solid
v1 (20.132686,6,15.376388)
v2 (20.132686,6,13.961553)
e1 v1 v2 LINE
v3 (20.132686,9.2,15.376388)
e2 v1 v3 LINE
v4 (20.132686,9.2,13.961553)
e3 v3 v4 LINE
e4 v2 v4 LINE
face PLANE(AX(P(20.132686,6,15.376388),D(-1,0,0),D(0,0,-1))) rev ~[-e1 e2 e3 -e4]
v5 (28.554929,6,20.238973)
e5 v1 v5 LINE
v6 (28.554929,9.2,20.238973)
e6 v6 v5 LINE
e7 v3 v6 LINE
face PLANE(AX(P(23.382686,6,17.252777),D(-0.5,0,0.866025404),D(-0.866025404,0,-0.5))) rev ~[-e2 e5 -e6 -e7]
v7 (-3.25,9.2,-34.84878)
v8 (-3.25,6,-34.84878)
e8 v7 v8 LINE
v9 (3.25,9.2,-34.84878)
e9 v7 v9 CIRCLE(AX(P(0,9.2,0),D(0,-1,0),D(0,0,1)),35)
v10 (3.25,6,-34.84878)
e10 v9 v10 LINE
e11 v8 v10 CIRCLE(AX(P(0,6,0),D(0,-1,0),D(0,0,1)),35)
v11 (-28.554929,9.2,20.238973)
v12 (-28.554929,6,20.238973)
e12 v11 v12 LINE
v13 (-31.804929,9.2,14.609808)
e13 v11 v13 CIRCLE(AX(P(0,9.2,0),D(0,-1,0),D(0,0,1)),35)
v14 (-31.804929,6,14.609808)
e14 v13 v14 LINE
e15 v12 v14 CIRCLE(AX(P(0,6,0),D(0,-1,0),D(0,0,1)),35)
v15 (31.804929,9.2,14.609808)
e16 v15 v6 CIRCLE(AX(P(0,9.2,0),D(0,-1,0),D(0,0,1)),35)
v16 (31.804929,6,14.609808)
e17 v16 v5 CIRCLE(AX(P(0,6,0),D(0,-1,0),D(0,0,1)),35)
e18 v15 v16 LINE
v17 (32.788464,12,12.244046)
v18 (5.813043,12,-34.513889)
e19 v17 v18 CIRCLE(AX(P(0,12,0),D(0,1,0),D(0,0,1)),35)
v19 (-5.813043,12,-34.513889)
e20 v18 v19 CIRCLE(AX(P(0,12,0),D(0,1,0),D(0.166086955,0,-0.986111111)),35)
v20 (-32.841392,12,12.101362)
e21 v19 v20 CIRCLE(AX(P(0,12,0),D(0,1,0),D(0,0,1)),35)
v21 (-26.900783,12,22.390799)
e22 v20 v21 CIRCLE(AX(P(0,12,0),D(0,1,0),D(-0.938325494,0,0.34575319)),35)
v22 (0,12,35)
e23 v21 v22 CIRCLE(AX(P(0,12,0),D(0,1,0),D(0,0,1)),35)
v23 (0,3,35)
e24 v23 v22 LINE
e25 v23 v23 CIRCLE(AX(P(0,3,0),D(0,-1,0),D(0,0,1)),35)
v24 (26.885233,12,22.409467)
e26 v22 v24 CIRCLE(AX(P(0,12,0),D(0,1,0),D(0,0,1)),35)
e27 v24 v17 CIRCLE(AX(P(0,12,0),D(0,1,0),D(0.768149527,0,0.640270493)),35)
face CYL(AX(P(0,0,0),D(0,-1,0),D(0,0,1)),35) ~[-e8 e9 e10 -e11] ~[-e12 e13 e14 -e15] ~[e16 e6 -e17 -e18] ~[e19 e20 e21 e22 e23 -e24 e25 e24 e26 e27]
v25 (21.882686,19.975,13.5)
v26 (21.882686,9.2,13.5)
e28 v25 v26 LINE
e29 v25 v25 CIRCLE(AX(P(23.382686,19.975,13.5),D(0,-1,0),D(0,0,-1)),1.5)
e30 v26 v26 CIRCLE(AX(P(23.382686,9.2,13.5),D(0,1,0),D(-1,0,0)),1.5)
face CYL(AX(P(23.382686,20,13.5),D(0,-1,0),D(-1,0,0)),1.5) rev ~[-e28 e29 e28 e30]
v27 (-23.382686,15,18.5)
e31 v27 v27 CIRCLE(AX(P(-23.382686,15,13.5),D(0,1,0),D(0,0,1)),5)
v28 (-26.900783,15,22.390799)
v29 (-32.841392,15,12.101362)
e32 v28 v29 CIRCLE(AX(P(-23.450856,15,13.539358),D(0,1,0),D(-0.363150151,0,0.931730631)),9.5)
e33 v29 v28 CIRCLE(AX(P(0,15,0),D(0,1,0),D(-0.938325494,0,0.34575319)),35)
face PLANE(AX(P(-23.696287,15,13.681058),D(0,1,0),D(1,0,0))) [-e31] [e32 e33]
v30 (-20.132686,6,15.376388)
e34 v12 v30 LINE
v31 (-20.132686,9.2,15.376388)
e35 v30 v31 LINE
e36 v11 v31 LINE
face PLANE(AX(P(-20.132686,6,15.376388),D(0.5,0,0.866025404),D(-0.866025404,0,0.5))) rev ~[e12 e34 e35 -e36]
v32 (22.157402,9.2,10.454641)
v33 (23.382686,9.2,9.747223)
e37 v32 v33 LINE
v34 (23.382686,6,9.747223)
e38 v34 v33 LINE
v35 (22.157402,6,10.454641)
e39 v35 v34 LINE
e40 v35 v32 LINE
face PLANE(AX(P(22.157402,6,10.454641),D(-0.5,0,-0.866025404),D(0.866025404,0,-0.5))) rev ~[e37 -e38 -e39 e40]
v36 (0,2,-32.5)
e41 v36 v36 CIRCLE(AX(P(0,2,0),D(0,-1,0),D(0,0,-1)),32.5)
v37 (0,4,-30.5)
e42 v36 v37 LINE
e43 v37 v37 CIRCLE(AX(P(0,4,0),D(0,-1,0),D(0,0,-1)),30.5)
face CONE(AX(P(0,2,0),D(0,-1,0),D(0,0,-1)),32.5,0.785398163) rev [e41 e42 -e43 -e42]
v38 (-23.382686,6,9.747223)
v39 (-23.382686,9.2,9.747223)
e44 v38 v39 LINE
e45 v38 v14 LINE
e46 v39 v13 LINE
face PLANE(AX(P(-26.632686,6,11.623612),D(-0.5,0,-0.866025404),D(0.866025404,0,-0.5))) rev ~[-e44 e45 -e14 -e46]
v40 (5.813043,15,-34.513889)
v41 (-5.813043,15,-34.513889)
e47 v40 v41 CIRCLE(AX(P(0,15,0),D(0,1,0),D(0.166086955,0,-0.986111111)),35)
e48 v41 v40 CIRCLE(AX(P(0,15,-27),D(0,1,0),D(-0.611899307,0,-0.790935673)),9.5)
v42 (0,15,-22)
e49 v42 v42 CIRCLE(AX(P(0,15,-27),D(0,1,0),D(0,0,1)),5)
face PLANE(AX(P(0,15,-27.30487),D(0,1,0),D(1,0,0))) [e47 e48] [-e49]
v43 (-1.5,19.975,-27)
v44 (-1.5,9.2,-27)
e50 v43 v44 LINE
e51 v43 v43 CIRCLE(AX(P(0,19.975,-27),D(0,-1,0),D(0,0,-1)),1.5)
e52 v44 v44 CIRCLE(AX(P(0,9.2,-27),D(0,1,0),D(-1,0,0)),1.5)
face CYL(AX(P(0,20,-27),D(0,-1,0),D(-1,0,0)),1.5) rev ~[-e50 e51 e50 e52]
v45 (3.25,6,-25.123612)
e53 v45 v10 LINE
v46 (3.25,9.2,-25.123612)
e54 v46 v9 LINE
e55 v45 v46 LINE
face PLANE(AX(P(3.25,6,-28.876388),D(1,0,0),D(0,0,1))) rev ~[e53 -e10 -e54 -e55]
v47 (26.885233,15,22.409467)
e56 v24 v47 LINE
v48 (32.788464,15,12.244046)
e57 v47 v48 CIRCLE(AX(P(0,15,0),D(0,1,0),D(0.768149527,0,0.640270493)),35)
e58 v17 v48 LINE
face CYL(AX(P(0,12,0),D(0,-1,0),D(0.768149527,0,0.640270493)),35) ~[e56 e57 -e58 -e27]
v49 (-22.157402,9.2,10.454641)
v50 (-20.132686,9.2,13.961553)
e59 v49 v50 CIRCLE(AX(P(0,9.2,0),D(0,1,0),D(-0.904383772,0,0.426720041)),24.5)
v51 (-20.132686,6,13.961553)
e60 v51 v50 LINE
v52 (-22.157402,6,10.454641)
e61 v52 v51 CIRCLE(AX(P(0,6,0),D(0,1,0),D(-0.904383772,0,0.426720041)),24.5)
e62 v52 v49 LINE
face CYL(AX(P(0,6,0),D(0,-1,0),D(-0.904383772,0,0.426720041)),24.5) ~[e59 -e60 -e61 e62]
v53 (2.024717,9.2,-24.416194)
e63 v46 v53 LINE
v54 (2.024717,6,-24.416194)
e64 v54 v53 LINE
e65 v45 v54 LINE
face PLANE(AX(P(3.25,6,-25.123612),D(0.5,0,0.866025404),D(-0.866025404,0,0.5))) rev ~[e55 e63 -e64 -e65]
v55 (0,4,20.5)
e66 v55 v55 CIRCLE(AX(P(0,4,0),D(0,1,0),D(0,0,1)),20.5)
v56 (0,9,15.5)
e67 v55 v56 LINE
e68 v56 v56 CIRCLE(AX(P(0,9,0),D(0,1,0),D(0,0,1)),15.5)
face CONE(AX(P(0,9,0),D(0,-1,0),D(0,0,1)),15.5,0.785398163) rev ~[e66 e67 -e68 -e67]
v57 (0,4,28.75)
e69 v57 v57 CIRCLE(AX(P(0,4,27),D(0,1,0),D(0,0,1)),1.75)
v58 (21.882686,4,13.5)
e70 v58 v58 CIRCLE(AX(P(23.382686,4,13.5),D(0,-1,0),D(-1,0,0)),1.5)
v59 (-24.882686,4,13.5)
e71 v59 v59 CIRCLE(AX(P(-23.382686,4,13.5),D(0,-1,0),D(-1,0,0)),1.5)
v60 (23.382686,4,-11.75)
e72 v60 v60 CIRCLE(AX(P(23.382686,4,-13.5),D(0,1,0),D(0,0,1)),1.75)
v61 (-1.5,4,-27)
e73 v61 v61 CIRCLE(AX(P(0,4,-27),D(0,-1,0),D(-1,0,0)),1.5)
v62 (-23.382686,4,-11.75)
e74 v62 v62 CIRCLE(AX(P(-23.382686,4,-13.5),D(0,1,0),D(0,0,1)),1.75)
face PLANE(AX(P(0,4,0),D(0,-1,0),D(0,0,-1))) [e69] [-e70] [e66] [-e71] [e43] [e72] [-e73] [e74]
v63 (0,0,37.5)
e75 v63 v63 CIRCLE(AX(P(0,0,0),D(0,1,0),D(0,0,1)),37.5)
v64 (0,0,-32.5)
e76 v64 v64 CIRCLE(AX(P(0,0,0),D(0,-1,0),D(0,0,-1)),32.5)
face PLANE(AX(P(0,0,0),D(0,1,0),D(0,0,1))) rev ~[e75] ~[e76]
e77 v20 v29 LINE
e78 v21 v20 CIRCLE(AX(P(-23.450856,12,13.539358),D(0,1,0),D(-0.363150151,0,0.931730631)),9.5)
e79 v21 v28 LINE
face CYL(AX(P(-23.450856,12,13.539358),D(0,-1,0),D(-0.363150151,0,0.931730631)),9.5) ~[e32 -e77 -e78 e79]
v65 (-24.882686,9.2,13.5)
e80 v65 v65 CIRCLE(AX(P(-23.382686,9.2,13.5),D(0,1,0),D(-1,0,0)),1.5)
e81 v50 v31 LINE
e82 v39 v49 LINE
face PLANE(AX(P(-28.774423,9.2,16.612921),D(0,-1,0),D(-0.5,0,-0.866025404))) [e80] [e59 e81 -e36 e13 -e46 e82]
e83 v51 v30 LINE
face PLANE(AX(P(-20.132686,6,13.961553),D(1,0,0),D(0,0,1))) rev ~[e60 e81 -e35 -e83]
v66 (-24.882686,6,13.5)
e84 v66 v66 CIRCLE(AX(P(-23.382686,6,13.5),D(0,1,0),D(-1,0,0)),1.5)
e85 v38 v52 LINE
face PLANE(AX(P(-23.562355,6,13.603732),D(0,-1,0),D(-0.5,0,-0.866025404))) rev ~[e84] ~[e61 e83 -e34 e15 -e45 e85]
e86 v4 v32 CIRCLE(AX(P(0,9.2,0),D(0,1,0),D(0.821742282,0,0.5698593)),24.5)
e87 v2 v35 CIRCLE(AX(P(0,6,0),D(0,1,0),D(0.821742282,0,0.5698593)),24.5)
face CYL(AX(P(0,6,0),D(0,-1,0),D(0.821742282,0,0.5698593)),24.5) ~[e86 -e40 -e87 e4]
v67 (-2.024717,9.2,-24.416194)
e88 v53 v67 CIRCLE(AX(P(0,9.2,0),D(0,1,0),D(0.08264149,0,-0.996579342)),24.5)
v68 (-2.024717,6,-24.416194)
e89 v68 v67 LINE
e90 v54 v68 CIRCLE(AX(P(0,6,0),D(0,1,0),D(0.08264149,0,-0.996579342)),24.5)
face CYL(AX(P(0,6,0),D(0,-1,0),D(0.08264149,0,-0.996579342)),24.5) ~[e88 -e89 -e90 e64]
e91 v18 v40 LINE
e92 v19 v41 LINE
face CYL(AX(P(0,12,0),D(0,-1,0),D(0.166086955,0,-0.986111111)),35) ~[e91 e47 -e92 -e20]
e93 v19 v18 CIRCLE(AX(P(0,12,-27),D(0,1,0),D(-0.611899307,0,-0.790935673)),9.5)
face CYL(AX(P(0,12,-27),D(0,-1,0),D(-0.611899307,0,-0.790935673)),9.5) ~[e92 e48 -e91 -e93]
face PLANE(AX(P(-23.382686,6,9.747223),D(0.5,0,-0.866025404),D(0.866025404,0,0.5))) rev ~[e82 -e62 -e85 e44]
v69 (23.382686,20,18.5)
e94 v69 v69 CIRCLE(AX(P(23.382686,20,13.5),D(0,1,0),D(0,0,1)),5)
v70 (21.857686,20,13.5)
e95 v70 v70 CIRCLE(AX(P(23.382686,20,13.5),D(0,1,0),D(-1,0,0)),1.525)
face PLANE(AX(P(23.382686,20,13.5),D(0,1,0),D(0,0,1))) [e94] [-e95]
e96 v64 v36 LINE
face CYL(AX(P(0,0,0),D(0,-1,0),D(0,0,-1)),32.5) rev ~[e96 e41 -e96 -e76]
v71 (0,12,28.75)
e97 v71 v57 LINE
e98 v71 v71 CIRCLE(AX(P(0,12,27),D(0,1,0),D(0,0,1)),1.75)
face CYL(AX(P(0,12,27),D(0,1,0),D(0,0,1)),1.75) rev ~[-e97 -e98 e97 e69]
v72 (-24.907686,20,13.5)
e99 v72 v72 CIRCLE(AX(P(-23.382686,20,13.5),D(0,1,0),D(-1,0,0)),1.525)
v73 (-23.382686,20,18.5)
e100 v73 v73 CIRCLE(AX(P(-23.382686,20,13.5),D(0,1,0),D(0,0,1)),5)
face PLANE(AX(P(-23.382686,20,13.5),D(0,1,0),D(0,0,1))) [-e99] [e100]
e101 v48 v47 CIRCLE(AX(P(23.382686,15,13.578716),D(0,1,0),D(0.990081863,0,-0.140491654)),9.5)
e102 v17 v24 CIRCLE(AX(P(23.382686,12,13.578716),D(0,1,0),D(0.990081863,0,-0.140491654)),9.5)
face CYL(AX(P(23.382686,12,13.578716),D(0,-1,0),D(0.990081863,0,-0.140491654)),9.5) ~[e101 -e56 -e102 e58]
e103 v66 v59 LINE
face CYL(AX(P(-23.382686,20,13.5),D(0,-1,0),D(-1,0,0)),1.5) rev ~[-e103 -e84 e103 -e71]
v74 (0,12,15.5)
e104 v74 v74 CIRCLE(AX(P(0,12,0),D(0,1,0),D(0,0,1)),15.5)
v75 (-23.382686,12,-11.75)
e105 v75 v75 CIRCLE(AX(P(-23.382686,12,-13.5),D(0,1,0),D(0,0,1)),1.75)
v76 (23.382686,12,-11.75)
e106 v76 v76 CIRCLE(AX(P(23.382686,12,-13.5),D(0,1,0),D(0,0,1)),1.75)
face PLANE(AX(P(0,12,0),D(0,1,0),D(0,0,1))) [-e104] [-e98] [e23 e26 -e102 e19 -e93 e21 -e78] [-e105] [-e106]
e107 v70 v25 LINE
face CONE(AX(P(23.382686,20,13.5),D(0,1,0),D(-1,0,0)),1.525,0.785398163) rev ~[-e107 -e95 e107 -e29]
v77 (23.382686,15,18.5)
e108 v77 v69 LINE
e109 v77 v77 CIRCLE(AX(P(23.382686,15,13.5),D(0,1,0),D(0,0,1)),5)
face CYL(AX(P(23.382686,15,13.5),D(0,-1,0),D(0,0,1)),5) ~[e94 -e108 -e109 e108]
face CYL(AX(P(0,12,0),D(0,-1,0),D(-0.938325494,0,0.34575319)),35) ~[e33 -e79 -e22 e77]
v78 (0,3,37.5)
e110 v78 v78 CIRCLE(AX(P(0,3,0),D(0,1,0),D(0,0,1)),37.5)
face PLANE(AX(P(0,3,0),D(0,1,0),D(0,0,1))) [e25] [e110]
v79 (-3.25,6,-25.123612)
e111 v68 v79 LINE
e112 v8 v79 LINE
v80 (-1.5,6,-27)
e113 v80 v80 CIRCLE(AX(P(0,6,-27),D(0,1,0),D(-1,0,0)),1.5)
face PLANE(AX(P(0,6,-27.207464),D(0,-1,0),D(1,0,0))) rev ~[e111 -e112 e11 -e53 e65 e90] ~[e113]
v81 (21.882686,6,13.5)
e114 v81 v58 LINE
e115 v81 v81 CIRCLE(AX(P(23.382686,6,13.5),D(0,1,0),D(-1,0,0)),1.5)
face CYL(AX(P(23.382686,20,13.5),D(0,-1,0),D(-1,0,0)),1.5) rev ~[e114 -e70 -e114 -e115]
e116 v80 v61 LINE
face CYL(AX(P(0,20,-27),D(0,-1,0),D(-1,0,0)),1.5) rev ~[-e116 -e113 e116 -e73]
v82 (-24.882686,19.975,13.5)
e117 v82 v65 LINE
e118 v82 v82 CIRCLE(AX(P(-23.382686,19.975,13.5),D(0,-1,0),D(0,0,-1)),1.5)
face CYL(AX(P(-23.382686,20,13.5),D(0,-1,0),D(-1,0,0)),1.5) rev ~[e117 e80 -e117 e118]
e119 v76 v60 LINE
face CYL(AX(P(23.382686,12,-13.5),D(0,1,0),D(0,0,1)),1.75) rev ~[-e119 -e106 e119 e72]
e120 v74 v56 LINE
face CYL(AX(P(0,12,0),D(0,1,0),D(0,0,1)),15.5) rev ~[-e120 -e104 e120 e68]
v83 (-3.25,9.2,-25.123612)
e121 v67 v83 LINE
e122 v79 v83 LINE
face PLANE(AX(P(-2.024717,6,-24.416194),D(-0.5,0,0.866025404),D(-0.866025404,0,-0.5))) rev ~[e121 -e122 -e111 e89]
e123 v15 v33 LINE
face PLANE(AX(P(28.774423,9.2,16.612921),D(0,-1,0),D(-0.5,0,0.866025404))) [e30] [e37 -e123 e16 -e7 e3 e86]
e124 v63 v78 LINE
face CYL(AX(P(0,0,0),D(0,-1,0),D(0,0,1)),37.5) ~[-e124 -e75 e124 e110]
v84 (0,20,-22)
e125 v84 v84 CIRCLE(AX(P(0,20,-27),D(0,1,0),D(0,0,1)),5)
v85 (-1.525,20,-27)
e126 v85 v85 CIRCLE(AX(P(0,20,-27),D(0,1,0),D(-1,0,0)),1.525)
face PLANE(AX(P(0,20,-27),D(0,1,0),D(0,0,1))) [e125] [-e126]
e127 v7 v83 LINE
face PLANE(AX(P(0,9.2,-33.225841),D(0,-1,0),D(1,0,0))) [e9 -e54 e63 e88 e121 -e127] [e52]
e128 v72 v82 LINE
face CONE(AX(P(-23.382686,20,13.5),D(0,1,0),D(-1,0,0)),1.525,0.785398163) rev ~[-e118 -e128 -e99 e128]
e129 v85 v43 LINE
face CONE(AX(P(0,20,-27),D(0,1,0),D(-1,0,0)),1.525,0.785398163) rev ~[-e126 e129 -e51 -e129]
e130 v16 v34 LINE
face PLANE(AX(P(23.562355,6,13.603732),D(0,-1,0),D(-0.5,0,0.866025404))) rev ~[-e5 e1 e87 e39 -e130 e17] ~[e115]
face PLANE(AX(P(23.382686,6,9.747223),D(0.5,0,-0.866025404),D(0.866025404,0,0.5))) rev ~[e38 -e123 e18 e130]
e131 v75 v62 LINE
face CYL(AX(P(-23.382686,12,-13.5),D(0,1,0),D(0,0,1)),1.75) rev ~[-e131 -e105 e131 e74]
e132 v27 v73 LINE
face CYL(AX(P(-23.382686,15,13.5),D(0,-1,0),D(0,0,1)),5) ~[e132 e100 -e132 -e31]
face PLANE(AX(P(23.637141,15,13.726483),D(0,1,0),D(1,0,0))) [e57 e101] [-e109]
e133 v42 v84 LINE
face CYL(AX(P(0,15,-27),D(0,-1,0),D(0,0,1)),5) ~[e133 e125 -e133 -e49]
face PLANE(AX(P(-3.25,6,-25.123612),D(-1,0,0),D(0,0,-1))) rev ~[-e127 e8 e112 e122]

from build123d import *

# Parameters (mm, degrees)
SKETCH1_R                       = 37.5
BOSS_EXTRUDE1_DEPTH             = 3
SKETCH1_3_R                     = 35
BOSS_EXTRUDE2_DEPTH             = 12
SKETCH4_R                       = 15.5
CUT_EXTRUDE1_DEPTH              = 15
BOSS_EXTRUDE3_DEPTH             = 3
SKETCH18_R                      = 5
BOSS_EXTRUDE4_DEPTH             = 5
CHAMFER1_SIZE                   = 9
F_3_0MM_DOWEL_HOLE1_D           = 3
F_3_0MM_DOWEL_HOLE1_CSINK_D     = 3.05
F_3_0MM_DOWEL_HOLE1_CSINK_ANGLE = 90
SKETCH27_R                      = 1.75
CUT_EXTRUDE2_DEPTH              = 55.373706881
CUT_EXTRUDE3_START              = -6
SKETCH28_R                      = 1.5
CUT_EXTRUDE3_DEPTH              = 3.2
CIRPATTERN1_COUNT               = 3
SKETCH29_R                      = 32.5
CUT_EXTRUDE4_DEPTH              = 4
CHAMFER2_SIZE                   = 2


with BuildPart() as part:
    # Sketch1 → Boss-Extrude1 (new body)
    with BuildSketch(Plane(origin=(0, 0, 0), x_dir=(1, 0, 0), z_dir=(0, 1, 0))):
        with Locations(Location((0, 0, 0), (0, 0, 270))):
            Circle(SKETCH1_R)
    extrude(amount=BOSS_EXTRUDE1_DEPTH)

    # Sketch1<3> → Boss-Extrude2 (add)
    with BuildSketch(Plane(origin=(0, 0, 0), x_dir=(1, 0, 0), z_dir=(0, 1, 0))):
        with Locations(Location((0, 0, 0), (0, 0, 270))):
            Circle(SKETCH1_3_R)
    extrude(amount=BOSS_EXTRUDE2_DEPTH)

    # Sketch4 → Cut-Extrude1 (cut)
    with BuildSketch(Plane(origin=(0, 12, 0), x_dir=(1, 0, 0), z_dir=(0, 1, 0))):
        with Locations(Location((0, 0, 0), (0, 0, 270))):
            Circle(SKETCH4_R)
    extrude(amount=-CUT_EXTRUDE1_DEPTH, mode=Mode.SUBTRACT)

    # Sketch5 → Boss-Extrude3 (add)
    with BuildSketch(Plane(origin=(0, 12, 0), x_dir=(1, 0, 0), z_dir=(0, 1, 0))):
        with BuildLine():
            ThreePointArc((5.813043417, 34.513888889), (0, 35), (-5.813043417, 34.513888889))
            ThreePointArc((-5.813043417, 34.513888889), (0, 17.5), (5.813043417, 34.513888889))
        make_face()
        with BuildLine():
            ThreePointArc((-26.900782734, -22.390799188), (-15.223614965, -8.789358198), (-32.841392275, -12.101361636))
            ThreePointArc((-32.841392275, -12.101361636), (-30.310889132, -17.5), (-26.900782734, -22.390799188))
        make_face()
        with BuildLine():
            ThreePointArc((26.885233446, -22.409467253), (30.266672739, -17.576362574), (32.7884636, -12.244045686))
            ThreePointArc((32.7884636, -12.244045686), (15.167446159, -8.807989412), (26.885233446, -22.409467253))
        make_face()
    extrude(amount=BOSS_EXTRUDE3_DEPTH)

    # Sketch18 → Boss-Extrude4 (add)
    with BuildSketch(Plane(origin=(0, 15, 0), x_dir=(1, 0, 0), z_dir=(0, 1, 0))):
        with Locations(Location((0, 27, 0), (0, 0, 270))):
            Circle(SKETCH18_R)
        with Locations(Location((23.382685902, -13.5, 0), (0, 0, 270))):
            Circle(SKETCH18_R)
        with Locations(Location((-23.382685902, -13.5, 0), (0, 0, 270))):
            Circle(SKETCH18_R)
    extrude(amount=BOSS_EXTRUDE4_DEPTH)

    # Chamfer1
    chamfer1_edges = [part.edges().sort_by_distance(p)[0] for p in [
        (0, 0, -15.5),
    ]]
    chamfer(chamfer1_edges, length=CHAMFER1_SIZE)

    # Ø3.0mm Dowel Hole1 (through all)
    with Locations(Plane(origin=(0, 20, 0), x_dir=(1, 0, 0), z_dir=(0, 1, 0))):
        with Locations((0, 27), (-23.382685902, -13.5), (23.382685902, -13.5)):
            CounterSinkHole(F_3_0MM_DOWEL_HOLE1_D / 2, F_3_0MM_DOWEL_HOLE1_CSINK_D / 2, counter_sink_angle=F_3_0MM_DOWEL_HOLE1_CSINK_ANGLE)

    # Sketch27 → Cut-Extrude2 (cut, through all)
    with BuildSketch(Plane(origin=(0, 12, 0), x_dir=(1, 0, 0), z_dir=(0, 1, 0))):
        with Locations(Location((23.382685902, 13.5, 0), (0, 0, 270))):
            Circle(SKETCH27_R)
        with Locations(Location((0, -27, 0), (0, 0, 270))):
            Circle(SKETCH27_R)
        with Locations(Location((-23.382685902, 13.5, 0), (0, 0, 270))):
            Circle(SKETCH27_R)
    extrude(amount=-CUT_EXTRUDE2_DEPTH, mode=Mode.SUBTRACT)

    # Sketch28 → Cut-Extrude3 (cut)
    # profile 1 of 2: a face of its own
    with BuildSketch(Plane.XZ.offset(CUT_EXTRUDE3_START)):
        with BuildLine():
            Line((3.25, -37.358901215), (3.25, -28.876388375))
            Line((3.25, -28.876388375), (0, -30.75277675))
            Line((0, -30.75277675), (-3.25, -28.876388375))
            Line((-3.25, -28.876388375), (-3.25, -37.358901215))
            ThreePointArc((-3.25, -37.358901215), (0, -37.5), (3.25, -37.358901215))
        make_face()
    # profile 2 of 2: a face of its own
    with BuildSketch(Plane.XZ.offset(CUT_EXTRUDE3_START)):
        with BuildLine():
            Line((3.25, -28.876388375), (3.25, -25.123611625))
            Line((3.25, -25.123611625), (2.024716505, -24.41619387))
            ThreePointArc((2.024716505, -24.41619387), (0, -24.5), (-2.024716505, -24.41619387))
            Line((-2.024716505, -24.41619387), (-3.25, -25.123611625))
            Line((-3.25, -25.123611625), (-3.25, -28.876388375))
            Line((-3.25, -28.876388375), (0, -30.75277675))
            Line((0, -30.75277675), (3.25, -28.876388375))
        make_face()
        with Locations(Location((0, -27, 0), (0, 0, 90))):
            Circle(SKETCH28_R, mode=Mode.SUBTRACT)
    cut_extrude3 = extrude(amount=-CUT_EXTRUDE3_DEPTH, mode=Mode.SUBTRACT)

    # CirPattern1: Cut-Extrude3 ×3 about axis
    cirpattern1_axis = Axis((0, 0, 0), (0, 1, 0))
    for i in range(1, CIRPATTERN1_COUNT):
        add(cut_extrude3.rotate(cirpattern1_axis, i * 360 / CIRPATTERN1_COUNT), mode=Mode.SUBTRACT)

    # Sketch29 → Cut-Extrude4 (cut)
    with BuildSketch(Plane.XZ):
        with Locations(Location((0, 0, 0), (0, 0, 270))):
            Circle(SKETCH29_R)
    extrude(amount=-CUT_EXTRUDE4_DEPTH, mode=Mode.SUBTRACT)

    # Chamfer2
    chamfer2_edges = [part.edges().sort_by_distance(p)[0] for p in [
        (0, 4, 32.5),
    ]]
    chamfer(chamfer2_edges, length=CHAMFER2_SIZE)


solid = part.part
